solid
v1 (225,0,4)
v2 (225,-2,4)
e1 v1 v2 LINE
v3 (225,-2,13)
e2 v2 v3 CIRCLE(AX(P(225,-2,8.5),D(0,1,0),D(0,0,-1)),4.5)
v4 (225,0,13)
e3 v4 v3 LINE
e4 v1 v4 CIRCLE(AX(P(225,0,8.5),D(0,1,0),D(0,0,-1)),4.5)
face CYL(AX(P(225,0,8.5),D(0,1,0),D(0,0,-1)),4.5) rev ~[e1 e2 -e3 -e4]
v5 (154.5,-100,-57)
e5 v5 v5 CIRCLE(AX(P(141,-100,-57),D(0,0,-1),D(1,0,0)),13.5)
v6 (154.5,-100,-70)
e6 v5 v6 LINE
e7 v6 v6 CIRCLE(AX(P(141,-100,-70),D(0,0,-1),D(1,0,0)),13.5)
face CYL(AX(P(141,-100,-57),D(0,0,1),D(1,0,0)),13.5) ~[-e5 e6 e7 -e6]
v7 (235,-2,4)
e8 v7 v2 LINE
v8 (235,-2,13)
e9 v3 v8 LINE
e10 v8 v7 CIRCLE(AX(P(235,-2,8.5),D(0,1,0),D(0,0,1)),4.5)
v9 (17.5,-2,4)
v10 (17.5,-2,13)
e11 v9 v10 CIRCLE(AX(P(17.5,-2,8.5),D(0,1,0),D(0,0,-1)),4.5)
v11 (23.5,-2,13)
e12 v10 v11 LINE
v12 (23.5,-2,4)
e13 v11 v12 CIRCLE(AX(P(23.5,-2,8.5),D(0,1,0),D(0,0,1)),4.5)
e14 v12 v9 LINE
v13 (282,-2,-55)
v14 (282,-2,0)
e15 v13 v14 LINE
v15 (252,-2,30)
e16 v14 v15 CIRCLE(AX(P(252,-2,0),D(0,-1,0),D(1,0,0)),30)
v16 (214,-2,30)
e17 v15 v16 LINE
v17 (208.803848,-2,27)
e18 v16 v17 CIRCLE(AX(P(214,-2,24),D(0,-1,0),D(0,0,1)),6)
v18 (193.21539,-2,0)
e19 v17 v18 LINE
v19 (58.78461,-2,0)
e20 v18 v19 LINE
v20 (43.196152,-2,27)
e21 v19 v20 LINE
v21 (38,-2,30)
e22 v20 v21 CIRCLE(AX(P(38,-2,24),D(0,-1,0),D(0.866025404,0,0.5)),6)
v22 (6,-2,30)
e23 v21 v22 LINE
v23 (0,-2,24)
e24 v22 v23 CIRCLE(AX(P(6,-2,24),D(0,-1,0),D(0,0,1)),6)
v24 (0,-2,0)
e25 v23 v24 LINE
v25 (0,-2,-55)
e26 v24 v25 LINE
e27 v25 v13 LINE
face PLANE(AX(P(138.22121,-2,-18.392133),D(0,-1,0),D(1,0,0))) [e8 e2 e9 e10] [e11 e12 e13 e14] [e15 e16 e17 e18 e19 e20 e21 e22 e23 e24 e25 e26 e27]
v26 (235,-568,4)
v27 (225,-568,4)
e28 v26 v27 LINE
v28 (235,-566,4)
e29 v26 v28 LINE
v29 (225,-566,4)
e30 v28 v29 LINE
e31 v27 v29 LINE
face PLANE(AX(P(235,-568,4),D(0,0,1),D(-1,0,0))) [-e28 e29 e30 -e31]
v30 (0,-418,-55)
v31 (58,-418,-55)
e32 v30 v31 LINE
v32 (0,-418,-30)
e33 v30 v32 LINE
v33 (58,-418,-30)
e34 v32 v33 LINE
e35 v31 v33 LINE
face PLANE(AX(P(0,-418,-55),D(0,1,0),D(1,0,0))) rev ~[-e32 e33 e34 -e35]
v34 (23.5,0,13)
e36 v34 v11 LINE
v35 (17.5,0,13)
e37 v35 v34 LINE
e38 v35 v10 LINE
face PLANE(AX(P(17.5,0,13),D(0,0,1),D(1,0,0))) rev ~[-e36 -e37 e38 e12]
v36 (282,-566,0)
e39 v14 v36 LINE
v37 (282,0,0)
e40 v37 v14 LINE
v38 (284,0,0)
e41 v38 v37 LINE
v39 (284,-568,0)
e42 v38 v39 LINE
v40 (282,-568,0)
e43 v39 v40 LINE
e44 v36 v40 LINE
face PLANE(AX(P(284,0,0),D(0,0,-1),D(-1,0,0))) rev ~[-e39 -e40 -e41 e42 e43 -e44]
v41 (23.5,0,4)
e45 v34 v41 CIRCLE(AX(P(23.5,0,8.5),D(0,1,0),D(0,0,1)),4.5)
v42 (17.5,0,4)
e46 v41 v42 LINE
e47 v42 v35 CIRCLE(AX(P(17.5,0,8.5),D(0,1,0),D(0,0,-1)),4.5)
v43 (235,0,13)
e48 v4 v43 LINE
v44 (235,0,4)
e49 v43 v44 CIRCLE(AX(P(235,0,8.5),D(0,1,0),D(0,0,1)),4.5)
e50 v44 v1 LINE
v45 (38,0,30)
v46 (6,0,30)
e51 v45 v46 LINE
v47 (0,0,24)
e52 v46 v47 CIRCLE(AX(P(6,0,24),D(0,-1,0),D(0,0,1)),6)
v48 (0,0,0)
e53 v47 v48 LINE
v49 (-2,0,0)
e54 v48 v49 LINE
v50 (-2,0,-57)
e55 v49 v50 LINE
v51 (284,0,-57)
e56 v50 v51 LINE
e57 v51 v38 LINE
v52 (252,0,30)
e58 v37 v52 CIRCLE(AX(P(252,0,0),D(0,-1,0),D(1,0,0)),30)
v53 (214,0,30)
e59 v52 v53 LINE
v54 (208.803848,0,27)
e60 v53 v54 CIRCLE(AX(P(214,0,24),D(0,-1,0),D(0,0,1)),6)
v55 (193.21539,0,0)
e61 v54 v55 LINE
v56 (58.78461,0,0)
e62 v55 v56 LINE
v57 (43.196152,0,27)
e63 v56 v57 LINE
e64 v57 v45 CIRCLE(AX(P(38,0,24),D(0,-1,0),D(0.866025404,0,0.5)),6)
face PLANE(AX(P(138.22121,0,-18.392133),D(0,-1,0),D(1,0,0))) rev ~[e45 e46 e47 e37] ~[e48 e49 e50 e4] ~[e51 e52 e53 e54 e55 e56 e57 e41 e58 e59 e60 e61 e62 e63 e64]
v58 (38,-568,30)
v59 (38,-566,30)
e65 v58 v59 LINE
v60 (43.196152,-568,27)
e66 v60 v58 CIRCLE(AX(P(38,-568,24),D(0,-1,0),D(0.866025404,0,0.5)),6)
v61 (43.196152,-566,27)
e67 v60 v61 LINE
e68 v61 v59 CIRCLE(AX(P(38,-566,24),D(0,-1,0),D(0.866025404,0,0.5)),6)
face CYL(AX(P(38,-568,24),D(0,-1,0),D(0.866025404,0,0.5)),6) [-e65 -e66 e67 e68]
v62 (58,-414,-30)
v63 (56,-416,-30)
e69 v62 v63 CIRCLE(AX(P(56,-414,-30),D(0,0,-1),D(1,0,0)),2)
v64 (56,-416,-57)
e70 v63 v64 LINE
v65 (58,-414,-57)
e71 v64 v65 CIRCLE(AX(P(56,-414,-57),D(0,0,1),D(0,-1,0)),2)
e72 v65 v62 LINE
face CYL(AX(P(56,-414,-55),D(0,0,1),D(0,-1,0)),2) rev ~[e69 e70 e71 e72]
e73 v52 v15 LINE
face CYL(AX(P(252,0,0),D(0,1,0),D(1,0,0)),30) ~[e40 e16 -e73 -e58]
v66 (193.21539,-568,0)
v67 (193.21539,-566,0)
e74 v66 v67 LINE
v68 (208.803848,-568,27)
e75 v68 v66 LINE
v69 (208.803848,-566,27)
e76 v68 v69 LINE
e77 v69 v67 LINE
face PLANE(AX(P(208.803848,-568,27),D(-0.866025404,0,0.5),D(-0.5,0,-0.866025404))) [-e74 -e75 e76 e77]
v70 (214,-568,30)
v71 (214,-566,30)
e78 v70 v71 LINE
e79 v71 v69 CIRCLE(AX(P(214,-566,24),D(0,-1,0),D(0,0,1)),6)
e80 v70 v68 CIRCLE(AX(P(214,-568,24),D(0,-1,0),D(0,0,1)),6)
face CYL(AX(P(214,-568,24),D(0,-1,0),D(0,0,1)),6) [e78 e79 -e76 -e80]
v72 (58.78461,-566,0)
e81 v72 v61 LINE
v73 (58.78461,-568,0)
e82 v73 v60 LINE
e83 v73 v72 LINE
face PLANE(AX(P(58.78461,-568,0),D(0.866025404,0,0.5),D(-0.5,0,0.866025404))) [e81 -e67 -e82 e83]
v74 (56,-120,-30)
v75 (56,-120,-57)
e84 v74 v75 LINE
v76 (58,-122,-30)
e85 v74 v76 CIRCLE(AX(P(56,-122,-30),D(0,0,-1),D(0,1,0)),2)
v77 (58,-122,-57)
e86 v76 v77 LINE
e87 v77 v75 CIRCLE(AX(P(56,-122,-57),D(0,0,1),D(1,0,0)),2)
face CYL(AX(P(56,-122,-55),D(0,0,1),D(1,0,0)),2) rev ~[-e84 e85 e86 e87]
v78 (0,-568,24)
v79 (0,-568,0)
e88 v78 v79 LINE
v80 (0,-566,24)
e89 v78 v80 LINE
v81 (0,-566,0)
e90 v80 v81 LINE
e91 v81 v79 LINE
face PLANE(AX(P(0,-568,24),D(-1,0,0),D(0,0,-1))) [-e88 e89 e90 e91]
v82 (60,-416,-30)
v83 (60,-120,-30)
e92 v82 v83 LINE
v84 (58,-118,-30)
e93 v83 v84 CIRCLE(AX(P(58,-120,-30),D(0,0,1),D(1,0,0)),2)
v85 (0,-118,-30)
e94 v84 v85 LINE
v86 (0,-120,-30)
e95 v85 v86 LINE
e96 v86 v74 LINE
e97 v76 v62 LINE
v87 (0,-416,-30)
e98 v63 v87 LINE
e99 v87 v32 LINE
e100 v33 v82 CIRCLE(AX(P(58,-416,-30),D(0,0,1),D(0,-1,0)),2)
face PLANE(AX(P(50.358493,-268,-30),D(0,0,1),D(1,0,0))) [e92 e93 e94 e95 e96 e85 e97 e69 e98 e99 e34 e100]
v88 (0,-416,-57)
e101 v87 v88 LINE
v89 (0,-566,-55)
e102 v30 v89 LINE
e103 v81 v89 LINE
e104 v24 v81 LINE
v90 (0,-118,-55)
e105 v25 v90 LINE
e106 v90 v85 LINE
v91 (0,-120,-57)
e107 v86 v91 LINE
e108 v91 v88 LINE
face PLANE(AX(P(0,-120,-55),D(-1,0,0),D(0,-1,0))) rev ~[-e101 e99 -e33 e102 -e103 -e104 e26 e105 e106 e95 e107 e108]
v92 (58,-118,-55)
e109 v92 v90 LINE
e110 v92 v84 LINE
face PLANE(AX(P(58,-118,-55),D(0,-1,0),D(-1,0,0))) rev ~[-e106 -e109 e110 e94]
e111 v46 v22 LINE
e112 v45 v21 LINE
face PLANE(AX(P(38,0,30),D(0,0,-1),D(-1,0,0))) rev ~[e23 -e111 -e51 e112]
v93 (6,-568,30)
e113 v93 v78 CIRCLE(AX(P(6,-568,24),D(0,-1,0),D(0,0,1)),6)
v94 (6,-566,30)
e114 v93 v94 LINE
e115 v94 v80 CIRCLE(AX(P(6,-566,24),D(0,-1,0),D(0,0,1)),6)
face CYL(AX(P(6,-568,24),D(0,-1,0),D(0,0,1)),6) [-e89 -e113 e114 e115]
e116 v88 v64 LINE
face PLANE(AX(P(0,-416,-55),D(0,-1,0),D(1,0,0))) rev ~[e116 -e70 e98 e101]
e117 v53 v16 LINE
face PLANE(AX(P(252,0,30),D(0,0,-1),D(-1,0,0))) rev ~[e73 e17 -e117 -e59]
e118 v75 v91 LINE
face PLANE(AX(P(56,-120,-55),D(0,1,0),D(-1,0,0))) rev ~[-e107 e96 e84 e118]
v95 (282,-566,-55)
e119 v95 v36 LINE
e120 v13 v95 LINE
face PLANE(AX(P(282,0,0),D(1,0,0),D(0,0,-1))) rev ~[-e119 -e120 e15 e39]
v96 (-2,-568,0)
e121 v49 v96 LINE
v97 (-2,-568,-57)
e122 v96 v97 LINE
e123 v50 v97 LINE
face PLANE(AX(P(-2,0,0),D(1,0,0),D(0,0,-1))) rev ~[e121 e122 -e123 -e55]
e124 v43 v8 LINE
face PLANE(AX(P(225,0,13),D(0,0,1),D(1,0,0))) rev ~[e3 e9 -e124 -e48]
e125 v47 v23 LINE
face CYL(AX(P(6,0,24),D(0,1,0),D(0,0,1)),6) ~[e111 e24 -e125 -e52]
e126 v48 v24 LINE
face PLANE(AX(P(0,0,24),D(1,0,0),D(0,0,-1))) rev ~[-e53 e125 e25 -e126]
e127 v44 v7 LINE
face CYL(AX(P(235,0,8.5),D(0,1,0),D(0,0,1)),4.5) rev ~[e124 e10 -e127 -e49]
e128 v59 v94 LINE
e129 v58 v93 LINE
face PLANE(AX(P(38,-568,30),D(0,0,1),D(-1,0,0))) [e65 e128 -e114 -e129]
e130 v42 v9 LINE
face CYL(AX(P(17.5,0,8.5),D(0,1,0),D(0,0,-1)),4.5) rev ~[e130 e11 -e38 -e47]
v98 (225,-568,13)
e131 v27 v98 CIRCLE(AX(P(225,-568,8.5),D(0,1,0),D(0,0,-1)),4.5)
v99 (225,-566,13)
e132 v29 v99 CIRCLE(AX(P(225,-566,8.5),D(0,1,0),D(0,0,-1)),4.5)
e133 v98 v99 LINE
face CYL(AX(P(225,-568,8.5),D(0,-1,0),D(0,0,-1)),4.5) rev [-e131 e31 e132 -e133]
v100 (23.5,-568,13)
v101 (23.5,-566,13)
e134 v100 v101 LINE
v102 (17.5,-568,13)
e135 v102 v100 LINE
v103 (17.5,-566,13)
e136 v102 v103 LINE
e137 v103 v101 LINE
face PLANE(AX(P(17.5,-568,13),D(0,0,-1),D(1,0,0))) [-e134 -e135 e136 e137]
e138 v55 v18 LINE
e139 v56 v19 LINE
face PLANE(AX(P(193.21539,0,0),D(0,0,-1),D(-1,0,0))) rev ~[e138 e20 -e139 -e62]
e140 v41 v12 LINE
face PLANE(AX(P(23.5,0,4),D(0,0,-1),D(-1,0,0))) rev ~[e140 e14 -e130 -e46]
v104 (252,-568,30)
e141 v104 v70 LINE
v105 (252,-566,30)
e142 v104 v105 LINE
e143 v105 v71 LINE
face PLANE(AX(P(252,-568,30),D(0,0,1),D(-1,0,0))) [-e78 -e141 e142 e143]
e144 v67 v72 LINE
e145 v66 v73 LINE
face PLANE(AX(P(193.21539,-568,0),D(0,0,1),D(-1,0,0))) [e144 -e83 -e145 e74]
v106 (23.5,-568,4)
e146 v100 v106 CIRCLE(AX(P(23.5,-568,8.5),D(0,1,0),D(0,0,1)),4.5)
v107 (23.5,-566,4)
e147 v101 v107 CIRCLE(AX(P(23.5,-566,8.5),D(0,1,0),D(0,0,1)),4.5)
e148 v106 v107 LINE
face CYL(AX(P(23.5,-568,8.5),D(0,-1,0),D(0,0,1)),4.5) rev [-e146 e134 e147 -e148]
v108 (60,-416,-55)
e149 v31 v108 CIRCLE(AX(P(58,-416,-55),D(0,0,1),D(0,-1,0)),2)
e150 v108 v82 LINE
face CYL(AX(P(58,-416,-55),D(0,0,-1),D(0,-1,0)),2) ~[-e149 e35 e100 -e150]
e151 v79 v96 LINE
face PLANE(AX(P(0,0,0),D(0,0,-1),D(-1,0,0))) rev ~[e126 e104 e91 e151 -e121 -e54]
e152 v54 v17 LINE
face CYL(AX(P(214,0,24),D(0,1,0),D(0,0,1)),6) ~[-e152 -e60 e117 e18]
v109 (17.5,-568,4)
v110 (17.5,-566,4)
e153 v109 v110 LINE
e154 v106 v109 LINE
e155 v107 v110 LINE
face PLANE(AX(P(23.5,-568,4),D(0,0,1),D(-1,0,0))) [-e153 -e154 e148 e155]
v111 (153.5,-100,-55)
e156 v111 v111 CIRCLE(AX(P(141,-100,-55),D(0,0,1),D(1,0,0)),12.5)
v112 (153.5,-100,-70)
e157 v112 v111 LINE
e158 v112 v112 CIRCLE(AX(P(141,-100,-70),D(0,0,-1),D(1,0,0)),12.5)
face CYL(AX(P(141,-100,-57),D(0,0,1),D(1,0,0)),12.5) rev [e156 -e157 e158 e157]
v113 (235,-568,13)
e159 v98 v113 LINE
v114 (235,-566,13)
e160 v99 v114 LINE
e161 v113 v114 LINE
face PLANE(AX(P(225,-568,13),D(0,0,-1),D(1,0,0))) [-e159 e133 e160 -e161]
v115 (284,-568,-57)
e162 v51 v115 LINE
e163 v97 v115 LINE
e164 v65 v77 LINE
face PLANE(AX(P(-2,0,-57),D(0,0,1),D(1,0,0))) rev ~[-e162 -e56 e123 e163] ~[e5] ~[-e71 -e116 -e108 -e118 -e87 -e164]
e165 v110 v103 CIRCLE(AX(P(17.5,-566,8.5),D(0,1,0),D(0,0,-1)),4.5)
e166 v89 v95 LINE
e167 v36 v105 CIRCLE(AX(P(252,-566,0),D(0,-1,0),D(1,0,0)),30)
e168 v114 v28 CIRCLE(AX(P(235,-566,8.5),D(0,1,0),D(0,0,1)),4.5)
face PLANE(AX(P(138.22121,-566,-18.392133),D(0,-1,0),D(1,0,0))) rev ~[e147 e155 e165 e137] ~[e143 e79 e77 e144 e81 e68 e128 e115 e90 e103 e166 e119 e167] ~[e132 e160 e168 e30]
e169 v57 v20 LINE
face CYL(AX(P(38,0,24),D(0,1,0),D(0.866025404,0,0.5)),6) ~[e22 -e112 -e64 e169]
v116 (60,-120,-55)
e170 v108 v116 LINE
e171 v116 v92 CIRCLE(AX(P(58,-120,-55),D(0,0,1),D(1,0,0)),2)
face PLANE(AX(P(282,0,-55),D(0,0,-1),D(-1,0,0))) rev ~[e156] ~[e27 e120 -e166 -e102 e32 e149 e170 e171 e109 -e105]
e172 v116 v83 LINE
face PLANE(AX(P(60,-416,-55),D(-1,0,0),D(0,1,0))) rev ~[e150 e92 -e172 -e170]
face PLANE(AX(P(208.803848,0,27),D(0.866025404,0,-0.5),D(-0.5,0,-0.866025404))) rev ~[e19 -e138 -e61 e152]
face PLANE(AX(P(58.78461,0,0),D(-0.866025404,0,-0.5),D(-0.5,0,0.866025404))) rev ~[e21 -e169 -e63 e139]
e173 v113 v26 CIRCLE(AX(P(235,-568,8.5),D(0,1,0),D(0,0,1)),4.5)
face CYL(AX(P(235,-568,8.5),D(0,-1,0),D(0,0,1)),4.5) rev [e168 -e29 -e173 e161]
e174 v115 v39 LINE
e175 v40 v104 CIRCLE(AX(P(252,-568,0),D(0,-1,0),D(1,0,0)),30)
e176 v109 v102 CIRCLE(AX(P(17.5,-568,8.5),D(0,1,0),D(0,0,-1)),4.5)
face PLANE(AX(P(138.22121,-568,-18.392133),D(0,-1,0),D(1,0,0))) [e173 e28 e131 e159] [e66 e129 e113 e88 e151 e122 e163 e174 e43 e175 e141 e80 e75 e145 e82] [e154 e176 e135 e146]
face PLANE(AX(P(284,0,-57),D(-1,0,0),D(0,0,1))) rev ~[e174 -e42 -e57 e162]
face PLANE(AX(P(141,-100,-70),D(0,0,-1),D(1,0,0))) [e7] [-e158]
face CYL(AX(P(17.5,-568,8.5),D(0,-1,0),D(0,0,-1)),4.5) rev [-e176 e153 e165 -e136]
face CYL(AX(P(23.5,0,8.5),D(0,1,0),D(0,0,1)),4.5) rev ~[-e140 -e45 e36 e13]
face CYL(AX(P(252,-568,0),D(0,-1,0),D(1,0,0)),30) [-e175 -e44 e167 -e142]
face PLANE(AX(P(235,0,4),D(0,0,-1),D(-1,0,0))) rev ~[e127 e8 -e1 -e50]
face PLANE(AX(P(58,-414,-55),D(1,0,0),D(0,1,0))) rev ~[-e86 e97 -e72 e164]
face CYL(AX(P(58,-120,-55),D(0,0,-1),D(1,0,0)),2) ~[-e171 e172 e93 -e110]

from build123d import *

# Parameters (mm, degrees)
F1_DEPTH  = 568
F3_DEPTH  = 2
F5_DEPTH  = 2
F6_R      = 12.5
F7_DEPTH  = 25
F8_R      = 13.5
F8_R_2    = 12.5
F9_DEPTH  = 13
F11_DEPTH = 25
F13_DEPTH = 25


with BuildPart() as f1:
    # F0 (on Front) → F1 (new body)
    with BuildSketch(Plane.XZ):
        Polygon((0, -55), (0, 0), (-2, 0), (-2, -57), (284, -57), (284, 0), (282, 0), (282, -55), align=None)
    extrude(amount=F1_DEPTH)

    # F2 (on Front) → F3 (join)
    with BuildSketch(Plane.XZ):
        with BuildLine():
            Line((0, 24), (0, 0))
            Line((0, 0), (0, -55))
            Line((0, -55), (282, -55))
            Line((282, -55), (282, 0))
            ThreePointArc((282, 0), (273.2132034356, 21.2132034356), (252, 30))
            Line((252, 30), (214, 30))
            ThreePointArc((214, 30), (211, 29.1961524227), (208.8038475773, 27))
            Line((208.8038475773, 27), (193.2153903092, 0))
            Line((193.2153903092, 0), (58.7846096908, 0))
            Line((58.7846096908, 0), (43.1961524227, 27))
            ThreePointArc((43.1961524227, 27), (41, 29.1961524227), (38, 30))
            Line((38, 30), (6, 30))
            ThreePointArc((6, 30), (1.7573593129, 28.2426406871), (0, 24))
        make_face()
        with BuildLine():
            ThreePointArc((17.5, 4), (13, 8.5), (17.5, 13))
            Line((17.5, 13), (23.5, 13))
            ThreePointArc((23.5, 13), (28, 8.5), (23.5, 4))
            Line((23.5, 4), (17.5, 4))
        make_face(mode=Mode.SUBTRACT)
        with BuildLine():
            ThreePointArc((225, 4), (220.5, 8.5), (225, 13))
            Line((225, 13), (235, 13))
            ThreePointArc((235, 13), (239.5, 8.5), (235, 4))
            Line((235, 4), (225, 4))
        make_face(mode=Mode.SUBTRACT)
    extrude(amount=F3_DEPTH)

    # F4 (on face) → F5 (join)
    with BuildSketch(Plane.XZ.offset(568)):
        with BuildLine():
            Line((0, 0), (0, -55))
            Line((0, -55), (282, -55))
            Line((282, -55), (282, 0))
            ThreePointArc((282, 0), (273.2132034356, 21.2132034356), (252, 30))
            Line((252, 30), (214, 30))
            ThreePointArc((214, 30), (211, 29.1961524227), (208.8038475773, 27))
            Line((208.8038475773, 27), (193.2153903092, 0))
            Line((193.2153903092, 0), (58.7846096908, 0))
            Line((58.7846096908, 0), (43.1961524227, 27))
            ThreePointArc((43.1961524227, 27), (41, 29.1961524227), (38, 30))
            Line((38, 30), (6, 30))
            ThreePointArc((6, 30), (1.7573593129, 28.2426406871), (0, 24))
            Line((0, 24), (0, 0))
        make_face()
        with BuildLine():
            ThreePointArc((17.5, 4), (13, 8.5), (17.5, 13))
            Line((17.5, 13), (23.5, 13))
            ThreePointArc((23.5, 13), (28, 8.5), (23.5, 4))
            Line((23.5, 4), (17.5, 4))
        make_face(mode=Mode.SUBTRACT)
        with BuildLine():
            ThreePointArc((225, 4), (220.5, 8.5), (225, 13))
            Line((225, 13), (235, 13))
            ThreePointArc((235, 13), (239.5, 8.5), (235, 4))
            Line((235, 4), (225, 4))
        make_face(mode=Mode.SUBTRACT)
    extrude(amount=-F5_DEPTH)

    # F6 (on face) → F7 (cut)
    with BuildSketch(Plane.XY.offset(-55)):
        with Locations((141, -100)):
            Circle(F6_R)
    extrude(amount=-F7_DEPTH, mode=Mode.SUBTRACT)

    # F8 (on face) → F9 (join)
    with BuildSketch(Plane(origin=(0, 0, -57), x_dir=(1, 0, 0), z_dir=(0, 0, -1))):
        with Locations((141, 100)):
            Circle(F8_R)
        with Locations((141, 100)):
            Circle(F8_R_2, mode=Mode.SUBTRACT)
    extrude(amount=F9_DEPTH)

    # F10 (on face) → F11 (join)
    with BuildSketch(Plane.XY.offset(-55)):
        with BuildLine():
            ThreePointArc((60, -120), (59.4142135624, -118.5857864376), (58, -118))
            Line((58, -118), (0, -118))
            Line((0, -118), (0, -120))
            Line((0, -120), (56, -120))
            ThreePointArc((56, -120), (57.4142135624, -120.5857864376), (58, -122))
            Line((58, -122), (58, -414))
            ThreePointArc((58, -414), (57.4142135624, -415.4142135624), (56, -416))
            Line((56, -416), (0, -416))
            Line((0, -416), (0, -418))
            Line((0, -418), (58, -418))
            ThreePointArc((58, -418), (59.4142135624, -417.4142135624), (60, -416))
            Line((60, -416), (60, -120))
        make_face()
    extrude(amount=F11_DEPTH)

    # F12 (on face) → F13 (cut)
    with BuildSketch(Plane.XY.offset(-55)):
        with BuildLine():
            Line((58, -414), (58, -122))
            ThreePointArc((58, -122), (57.4142135624, -120.5857864376), (56, -120))
            Line((56, -120), (0, -120))
            Line((0, -120), (0, -416))
            Line((0, -416), (56, -416))
            ThreePointArc((56, -416), (57.4142135624, -415.4142135624), (58, -414))
        make_face()
    extrude(amount=-F13_DEPTH, mode=Mode.SUBTRACT)


solid = f1.part
